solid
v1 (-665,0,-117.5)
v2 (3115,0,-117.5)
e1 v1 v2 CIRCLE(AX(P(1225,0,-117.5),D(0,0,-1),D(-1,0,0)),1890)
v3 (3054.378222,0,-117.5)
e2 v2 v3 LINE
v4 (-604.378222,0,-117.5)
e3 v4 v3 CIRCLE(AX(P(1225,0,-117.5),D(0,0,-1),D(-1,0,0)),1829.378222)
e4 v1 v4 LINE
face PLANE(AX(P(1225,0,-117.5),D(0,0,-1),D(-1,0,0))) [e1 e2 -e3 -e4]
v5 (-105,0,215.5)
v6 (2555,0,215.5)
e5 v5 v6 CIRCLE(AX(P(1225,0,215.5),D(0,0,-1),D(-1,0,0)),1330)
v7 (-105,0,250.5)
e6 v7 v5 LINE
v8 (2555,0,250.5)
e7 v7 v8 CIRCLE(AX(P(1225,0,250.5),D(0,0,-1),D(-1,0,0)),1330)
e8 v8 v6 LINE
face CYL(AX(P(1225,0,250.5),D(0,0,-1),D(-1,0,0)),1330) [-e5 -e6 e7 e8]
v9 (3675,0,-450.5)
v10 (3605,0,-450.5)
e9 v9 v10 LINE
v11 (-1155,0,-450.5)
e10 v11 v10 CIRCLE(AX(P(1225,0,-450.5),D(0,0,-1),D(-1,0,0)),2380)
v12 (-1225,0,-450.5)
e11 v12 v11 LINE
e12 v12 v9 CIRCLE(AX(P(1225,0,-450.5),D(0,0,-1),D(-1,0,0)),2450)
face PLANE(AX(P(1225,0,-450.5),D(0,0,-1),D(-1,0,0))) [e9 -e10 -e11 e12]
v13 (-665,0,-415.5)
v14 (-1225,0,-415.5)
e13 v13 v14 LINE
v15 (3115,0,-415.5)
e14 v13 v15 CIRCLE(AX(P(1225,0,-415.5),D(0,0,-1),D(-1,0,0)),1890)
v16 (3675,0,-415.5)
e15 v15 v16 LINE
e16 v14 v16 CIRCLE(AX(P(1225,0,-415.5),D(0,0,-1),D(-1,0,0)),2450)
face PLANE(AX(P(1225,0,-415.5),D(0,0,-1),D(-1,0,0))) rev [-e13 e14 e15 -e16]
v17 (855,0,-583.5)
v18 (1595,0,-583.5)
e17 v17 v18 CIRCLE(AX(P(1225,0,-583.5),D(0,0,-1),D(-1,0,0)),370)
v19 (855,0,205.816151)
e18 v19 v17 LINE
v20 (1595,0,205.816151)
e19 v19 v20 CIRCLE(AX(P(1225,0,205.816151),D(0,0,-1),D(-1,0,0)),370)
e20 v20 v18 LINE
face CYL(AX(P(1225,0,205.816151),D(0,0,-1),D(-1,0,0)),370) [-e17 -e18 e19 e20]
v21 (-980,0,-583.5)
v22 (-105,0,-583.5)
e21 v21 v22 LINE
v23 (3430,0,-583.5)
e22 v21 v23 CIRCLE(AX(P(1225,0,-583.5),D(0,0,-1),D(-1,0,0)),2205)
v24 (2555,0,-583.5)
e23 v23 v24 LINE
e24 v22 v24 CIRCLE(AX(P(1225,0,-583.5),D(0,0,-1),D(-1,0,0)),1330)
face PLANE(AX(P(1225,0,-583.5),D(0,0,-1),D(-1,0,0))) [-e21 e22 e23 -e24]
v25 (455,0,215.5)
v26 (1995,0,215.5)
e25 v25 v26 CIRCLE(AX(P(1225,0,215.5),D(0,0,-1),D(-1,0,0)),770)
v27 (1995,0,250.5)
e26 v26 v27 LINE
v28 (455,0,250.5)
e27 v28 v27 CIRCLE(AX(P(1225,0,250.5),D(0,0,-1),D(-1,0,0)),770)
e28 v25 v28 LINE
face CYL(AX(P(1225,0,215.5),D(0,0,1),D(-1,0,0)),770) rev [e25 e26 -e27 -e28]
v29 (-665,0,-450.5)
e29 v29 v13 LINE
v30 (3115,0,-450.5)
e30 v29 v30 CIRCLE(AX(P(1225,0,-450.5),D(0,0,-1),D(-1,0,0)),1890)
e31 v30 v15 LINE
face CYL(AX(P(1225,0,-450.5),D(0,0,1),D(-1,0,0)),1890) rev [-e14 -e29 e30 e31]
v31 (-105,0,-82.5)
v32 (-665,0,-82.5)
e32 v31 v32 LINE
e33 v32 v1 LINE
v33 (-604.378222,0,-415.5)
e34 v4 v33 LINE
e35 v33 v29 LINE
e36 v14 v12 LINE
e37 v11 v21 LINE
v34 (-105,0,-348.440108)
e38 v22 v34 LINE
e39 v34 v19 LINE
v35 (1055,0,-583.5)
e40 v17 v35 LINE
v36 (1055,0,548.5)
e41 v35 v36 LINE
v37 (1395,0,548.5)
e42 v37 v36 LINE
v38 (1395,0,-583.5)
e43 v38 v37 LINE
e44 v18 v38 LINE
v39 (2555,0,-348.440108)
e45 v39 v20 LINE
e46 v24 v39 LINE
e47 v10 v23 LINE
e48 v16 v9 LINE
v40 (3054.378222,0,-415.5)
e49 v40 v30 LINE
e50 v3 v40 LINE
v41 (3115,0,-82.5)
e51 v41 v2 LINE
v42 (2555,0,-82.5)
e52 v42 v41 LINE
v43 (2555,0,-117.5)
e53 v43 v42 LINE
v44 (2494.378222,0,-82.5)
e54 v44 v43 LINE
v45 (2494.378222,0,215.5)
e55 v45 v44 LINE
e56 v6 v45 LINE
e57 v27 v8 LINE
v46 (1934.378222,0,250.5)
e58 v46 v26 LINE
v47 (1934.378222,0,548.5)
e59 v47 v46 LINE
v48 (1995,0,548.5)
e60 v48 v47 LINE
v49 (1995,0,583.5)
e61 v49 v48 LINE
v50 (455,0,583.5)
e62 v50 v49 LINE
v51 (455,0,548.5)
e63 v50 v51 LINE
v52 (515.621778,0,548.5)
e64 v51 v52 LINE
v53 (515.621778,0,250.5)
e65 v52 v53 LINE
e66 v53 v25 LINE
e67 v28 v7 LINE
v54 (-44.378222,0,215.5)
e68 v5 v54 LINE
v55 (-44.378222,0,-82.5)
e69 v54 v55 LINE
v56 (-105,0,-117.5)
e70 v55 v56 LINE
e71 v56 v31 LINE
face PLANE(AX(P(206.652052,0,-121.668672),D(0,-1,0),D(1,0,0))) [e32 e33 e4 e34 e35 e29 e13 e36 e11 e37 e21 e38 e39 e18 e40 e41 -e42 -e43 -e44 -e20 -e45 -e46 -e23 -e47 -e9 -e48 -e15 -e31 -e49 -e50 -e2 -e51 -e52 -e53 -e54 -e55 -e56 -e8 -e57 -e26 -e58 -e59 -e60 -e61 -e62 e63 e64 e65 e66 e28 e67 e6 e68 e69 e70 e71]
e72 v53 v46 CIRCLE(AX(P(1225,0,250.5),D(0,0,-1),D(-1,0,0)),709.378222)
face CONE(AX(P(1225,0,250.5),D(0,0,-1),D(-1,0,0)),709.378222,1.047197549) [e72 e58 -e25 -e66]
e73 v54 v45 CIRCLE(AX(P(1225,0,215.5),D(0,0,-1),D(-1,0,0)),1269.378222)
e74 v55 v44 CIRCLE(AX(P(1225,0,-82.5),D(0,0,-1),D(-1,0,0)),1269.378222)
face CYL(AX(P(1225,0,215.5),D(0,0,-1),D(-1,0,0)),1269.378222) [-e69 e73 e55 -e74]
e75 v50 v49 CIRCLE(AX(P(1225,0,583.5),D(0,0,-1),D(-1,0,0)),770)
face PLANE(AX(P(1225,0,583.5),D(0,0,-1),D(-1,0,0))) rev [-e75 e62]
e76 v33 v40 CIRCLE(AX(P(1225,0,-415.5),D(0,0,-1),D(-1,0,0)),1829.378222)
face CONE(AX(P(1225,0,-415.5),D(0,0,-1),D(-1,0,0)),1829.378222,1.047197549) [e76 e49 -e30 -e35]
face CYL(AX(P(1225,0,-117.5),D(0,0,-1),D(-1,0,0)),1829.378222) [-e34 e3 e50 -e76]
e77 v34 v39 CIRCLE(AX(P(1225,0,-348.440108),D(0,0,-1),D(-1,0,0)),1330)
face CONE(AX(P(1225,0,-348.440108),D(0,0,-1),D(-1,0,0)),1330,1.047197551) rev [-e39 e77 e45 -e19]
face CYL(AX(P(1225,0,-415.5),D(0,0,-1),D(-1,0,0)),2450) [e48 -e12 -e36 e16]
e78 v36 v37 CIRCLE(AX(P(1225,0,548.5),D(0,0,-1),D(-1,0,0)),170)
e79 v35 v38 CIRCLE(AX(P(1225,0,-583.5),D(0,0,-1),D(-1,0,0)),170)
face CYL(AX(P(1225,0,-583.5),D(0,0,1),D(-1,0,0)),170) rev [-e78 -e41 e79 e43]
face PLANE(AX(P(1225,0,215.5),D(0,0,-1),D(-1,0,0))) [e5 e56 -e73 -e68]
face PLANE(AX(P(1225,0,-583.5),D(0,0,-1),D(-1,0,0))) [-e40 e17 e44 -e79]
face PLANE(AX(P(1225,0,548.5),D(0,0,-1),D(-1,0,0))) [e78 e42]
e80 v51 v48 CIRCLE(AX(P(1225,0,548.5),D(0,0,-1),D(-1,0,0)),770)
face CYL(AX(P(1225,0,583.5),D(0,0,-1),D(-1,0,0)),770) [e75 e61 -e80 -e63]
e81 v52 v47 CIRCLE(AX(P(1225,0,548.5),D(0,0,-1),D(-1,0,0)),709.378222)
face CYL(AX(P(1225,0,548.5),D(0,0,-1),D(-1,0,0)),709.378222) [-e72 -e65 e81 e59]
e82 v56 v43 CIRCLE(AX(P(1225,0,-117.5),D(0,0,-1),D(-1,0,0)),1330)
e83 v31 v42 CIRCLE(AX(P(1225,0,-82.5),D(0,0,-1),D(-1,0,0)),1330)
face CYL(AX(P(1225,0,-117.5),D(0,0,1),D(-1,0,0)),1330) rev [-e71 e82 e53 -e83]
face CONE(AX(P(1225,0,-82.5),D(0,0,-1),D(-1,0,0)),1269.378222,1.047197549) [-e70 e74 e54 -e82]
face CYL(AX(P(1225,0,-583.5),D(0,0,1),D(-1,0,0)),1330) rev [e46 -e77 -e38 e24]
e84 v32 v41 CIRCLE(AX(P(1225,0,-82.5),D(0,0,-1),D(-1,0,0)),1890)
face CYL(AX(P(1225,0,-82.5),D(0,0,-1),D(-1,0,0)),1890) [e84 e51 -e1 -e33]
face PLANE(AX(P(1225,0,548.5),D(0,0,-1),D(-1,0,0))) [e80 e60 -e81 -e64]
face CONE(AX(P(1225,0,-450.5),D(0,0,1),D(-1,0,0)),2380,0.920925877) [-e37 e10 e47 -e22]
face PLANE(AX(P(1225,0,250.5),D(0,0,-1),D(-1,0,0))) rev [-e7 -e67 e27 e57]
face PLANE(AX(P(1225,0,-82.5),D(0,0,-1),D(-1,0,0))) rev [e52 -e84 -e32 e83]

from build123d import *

# Parameters (mm, degrees)
F1_ANGLE = 180


with BuildPart() as f1:
    # F0 (on Front) → F1 (revolve)
    with BuildSketch(Plane.XZ):
        Polygon((1055, -583.5), (1055, 548.5), (515.621778, 548.5), (515.621778, 250.5), (455, 215.5), (-44.378222, 215.5), (-44.378222, -82.5), (-105, -117.5), (-604.378222, -117.5), (-604.378222, -415.5), (-665, -450.5), (-1155, -450.5), (-980, -583.5), (-105, -583.5), (-105, -348.440108), (855, 205.816151), (855, -583.5), align=None)
        Polygon((-1225, -450.5), (-1155, -450.5), (-665, -450.5), (-665, -415.5), (-1225, -415.5), align=None)
        Polygon((-604.378222, -117.5), (-105, -117.5), (-105, -82.5), (-665, -82.5), (-665, -117.5), align=None)
        Polygon((-44.378222, 215.5), (455, 215.5), (455, 250.5), (-105, 250.5), (-105, 215.5), align=None)
        Polygon((1225, 548.5), (1225, 583.5), (455, 583.5), (455, 548.5), (515.621778, 548.5), (1055, 548.5), align=None)
    revolve(axis=Axis((1225, 0, 566), (0, 0, -1)), revolution_arc=F1_ANGLE)


solid = f1.part
